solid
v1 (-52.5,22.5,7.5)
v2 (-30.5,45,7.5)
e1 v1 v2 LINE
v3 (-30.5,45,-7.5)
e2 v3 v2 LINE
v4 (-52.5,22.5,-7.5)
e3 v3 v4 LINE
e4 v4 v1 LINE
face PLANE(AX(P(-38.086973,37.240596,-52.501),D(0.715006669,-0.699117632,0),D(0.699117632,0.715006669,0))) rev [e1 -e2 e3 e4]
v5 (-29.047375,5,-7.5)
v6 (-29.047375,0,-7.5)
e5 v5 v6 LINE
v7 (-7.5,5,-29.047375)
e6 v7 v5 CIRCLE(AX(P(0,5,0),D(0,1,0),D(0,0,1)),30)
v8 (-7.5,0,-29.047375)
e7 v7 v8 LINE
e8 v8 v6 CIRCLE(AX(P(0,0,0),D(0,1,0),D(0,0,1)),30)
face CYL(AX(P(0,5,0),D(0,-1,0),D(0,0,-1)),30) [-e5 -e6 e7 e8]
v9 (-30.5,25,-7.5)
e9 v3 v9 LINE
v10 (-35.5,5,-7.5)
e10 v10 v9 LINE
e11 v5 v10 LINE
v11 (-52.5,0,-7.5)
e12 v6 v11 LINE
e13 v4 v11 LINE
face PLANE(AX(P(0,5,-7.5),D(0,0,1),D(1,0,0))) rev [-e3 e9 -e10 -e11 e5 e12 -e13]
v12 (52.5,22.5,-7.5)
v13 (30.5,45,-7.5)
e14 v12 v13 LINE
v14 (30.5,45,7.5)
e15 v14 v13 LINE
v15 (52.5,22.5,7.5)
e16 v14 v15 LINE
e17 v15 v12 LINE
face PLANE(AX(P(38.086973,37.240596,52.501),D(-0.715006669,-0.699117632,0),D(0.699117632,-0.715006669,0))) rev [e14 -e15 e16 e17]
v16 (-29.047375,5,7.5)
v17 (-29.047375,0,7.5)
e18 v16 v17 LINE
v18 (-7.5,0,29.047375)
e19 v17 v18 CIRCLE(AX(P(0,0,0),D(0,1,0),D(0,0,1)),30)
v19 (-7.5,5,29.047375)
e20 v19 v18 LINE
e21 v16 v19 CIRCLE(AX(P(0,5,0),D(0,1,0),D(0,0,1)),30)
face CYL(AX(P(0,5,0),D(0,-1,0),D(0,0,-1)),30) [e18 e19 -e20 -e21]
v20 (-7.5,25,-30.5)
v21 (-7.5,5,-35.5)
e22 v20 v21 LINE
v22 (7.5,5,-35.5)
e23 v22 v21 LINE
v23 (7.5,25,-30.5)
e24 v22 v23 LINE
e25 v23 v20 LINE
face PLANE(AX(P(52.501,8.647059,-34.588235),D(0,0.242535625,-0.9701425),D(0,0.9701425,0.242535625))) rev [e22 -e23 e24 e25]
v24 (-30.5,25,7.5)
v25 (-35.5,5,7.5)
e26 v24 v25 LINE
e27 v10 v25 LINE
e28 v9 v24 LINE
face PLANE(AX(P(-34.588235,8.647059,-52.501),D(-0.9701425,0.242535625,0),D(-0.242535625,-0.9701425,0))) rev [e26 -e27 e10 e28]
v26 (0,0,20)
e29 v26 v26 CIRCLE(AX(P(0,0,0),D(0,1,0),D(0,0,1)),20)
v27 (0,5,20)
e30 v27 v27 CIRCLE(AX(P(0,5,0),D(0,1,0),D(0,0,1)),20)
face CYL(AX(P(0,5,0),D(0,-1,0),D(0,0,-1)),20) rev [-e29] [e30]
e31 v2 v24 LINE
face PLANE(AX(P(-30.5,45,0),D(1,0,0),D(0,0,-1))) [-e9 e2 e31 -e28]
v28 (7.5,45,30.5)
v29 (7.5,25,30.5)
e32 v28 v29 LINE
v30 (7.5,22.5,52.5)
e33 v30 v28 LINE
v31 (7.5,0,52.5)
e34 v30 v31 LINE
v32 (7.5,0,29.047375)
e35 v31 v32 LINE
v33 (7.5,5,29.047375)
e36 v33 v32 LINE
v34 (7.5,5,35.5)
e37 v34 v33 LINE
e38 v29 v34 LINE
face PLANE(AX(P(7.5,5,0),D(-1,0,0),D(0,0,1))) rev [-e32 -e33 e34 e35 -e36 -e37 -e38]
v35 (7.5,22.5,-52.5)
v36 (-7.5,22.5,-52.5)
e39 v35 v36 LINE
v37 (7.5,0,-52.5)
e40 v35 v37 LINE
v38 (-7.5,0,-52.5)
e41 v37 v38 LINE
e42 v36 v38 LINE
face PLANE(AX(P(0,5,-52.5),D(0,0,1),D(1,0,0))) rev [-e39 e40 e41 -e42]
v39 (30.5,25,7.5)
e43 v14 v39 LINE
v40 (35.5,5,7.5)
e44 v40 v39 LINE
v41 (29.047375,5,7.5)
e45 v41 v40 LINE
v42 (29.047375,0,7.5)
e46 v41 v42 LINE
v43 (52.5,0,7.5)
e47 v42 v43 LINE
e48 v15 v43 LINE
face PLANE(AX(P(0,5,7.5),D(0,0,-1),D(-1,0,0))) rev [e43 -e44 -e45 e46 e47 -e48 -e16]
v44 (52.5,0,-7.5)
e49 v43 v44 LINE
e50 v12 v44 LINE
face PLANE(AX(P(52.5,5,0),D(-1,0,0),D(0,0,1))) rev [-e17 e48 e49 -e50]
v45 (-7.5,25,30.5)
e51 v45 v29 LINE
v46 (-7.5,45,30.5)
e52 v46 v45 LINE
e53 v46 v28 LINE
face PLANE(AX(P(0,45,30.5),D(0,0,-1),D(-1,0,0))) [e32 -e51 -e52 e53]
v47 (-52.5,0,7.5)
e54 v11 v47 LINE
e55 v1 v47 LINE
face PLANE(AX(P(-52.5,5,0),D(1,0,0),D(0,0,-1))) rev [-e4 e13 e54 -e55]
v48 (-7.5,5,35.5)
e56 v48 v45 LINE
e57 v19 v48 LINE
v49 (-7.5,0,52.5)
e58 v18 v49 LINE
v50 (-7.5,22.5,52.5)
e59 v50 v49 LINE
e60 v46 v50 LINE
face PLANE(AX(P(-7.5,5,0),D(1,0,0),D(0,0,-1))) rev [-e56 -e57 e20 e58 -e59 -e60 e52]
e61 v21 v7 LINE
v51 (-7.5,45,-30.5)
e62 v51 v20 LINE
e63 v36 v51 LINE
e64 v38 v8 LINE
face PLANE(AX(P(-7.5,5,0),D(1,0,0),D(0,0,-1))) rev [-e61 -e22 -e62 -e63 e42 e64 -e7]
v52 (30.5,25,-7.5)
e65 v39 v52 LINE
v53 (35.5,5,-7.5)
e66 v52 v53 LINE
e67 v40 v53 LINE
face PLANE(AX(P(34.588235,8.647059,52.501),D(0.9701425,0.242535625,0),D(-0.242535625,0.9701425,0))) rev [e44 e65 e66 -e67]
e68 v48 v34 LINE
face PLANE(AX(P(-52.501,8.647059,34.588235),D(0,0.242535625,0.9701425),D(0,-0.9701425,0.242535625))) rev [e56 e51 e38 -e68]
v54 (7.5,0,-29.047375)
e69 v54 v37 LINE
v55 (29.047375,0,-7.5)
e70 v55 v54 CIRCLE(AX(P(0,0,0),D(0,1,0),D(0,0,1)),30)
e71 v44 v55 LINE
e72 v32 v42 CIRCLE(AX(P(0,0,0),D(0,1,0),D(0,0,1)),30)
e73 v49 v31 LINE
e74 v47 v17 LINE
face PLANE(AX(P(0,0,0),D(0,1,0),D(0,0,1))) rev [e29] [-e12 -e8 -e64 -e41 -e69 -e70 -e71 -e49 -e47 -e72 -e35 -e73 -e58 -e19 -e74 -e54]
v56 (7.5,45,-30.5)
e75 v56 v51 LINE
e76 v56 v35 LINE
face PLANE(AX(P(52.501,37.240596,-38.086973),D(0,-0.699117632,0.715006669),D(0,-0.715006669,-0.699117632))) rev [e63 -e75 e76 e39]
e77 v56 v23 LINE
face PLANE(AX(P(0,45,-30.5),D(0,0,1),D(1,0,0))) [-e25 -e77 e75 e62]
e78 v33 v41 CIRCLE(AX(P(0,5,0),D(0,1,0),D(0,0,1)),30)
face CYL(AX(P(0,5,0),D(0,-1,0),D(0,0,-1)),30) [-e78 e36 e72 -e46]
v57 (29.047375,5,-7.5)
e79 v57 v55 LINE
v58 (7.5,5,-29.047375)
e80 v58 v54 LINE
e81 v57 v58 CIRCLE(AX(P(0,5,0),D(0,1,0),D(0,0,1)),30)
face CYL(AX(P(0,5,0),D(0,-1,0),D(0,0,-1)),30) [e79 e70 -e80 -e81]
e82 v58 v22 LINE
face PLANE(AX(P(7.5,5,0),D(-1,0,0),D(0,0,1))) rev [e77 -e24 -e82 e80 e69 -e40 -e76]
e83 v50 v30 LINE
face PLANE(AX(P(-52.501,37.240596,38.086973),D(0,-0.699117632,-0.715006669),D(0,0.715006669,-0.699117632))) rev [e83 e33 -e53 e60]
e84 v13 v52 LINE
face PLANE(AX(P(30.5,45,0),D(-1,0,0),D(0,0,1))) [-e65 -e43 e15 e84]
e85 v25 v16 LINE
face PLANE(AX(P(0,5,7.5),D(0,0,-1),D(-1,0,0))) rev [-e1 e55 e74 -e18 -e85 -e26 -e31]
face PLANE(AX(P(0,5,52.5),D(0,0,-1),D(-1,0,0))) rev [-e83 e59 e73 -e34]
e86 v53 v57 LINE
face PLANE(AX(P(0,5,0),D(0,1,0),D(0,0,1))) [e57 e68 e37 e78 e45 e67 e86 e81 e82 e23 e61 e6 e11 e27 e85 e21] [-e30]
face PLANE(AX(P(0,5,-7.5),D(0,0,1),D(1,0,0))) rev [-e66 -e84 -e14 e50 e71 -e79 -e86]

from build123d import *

# Parameters (mm, degrees)
EXTRUDE_1_DEPTH     = 5
SKETCH_4_W          = 22
SKETCH_4_H          = 15
SKETCH_4_W_2        = 15
SKETCH_4_H_2        = 22
EXTRUDE_3_DEPTH     = 40
CUT_EXTRUDE_1_REACH = 93.549
CUT_EXTRUDE_2_REACH = 93.549
CUT_EXTRUDE_3_REACH = 93.549
CUT_EXTRUDE_4_REACH = 93.549


with BuildPart() as part:
    # 草图1 → 凸台-拉伸1 (new body)
    with BuildSketch(Plane(origin=(0, 0, 0), x_dir=(1, 0, 0), z_dir=(0, 1, 0))):
        with BuildLine():
            ThreePointArc((29.047375097, 7.5), (21.213203436, 21.213203436), (7.5, 29.047375097))
            Line((7.5, 29.047375097), (7.5, 18.540496218))
            ThreePointArc((7.5, 18.540496218), (14.142135624, 14.142135624), (18.540496218, 7.5))
            Line((18.540496218, 7.5), (29.047375097, 7.5))
        make_face()
        with BuildLine():
            ThreePointArc((30, 0), (29.760890888, 3.780128774), (29.047375097, 7.5))
            Line((29.047375097, 7.5), (18.540496218, 7.5))
            ThreePointArc((18.540496218, 7.5), (19.63173355, 3.820345249), (20, 0))
            ThreePointArc((20, 0), (19.63173355, -3.820345249), (18.540496218, -7.5))
            Line((18.540496218, -7.5), (29.047375097, -7.5))
            ThreePointArc((29.047375097, -7.5), (29.760890888, -3.780128774), (30, 0))
        make_face()
        with BuildLine():
            Line((52.5, 7.5), (29.047375097, 7.5))
            ThreePointArc((29.047375097, 7.5), (29.760890888, 3.780128774), (30, 0))
            ThreePointArc((30, 0), (29.760890888, -3.780128774), (29.047375097, -7.5))
            Line((29.047375097, -7.5), (52.5, -7.5))
            Line((52.5, -7.5), (52.5, 7.5))
        make_face()
        with BuildLine():
            ThreePointArc((7.5, -29.047375097), (21.213203436, -21.213203436), (29.047375097, -7.5))
            Line((29.047375097, -7.5), (18.540496218, -7.5))
            ThreePointArc((18.540496218, -7.5), (14.142135624, -14.142135624), (7.5, -18.540496218))
            Line((7.5, -18.540496218), (7.5, -29.047375097))
        make_face()
        with BuildLine():
            ThreePointArc((7.5, -29.047375097), (0, -30), (-7.5, -29.047375097))
            Line((-7.5, -29.047375097), (-7.5, -52.5))
            Line((-7.5, -52.5), (7.5, -52.5))
            Line((7.5, -52.5), (7.5, -29.047375097))
        make_face()
        with BuildLine():
            Line((-7.5, -18.540496218), (-7.5, -29.047375097))
            ThreePointArc((-7.5, -29.047375097), (0, -30), (7.5, -29.047375097))
            Line((7.5, -29.047375097), (7.5, -18.540496218))
            ThreePointArc((7.5, -18.540496218), (0, -20), (-7.5, -18.540496218))
        make_face()
        with BuildLine():
            Line((-18.540496218, -7.5), (-29.047375097, -7.5))
            ThreePointArc((-29.047375097, -7.5), (-21.213203436, -21.213203436), (-7.5, -29.047375097))
            Line((-7.5, -29.047375097), (-7.5, -18.540496218))
            ThreePointArc((-7.5, -18.540496218), (-14.142135624, -14.142135624), (-18.540496218, -7.5))
        make_face()
        with BuildLine():
            Line((-18.540496218, 7.5), (-29.047375097, 7.5))
            ThreePointArc((-29.047375097, 7.5), (-30, 0), (-29.047375097, -7.5))
            Line((-29.047375097, -7.5), (-18.540496218, -7.5))
            ThreePointArc((-18.540496218, -7.5), (-20, 0), (-18.540496218, 7.5))
        make_face()
        with BuildLine():
            ThreePointArc((-29.047375097, -7.5), (-30, 0), (-29.047375097, 7.5))
            Line((-29.047375097, 7.5), (-52.5, 7.5))
            Line((-52.5, 7.5), (-52.5, -7.5))
            Line((-52.5, -7.5), (-29.047375097, -7.5))
        make_face()
        with BuildLine():
            Line((-7.5, 18.540496218), (-7.5, 29.047375097))
            ThreePointArc((-7.5, 29.047375097), (-21.213203436, 21.213203436), (-29.047375097, 7.5))
            Line((-29.047375097, 7.5), (-18.540496218, 7.5))
            ThreePointArc((-18.540496218, 7.5), (-14.142135624, 14.142135624), (-7.5, 18.540496218))
        make_face()
        with BuildLine():
            ThreePointArc((7.5, 29.047375097), (0, 30), (-7.5, 29.047375097))
            Line((-7.5, 29.047375097), (-7.5, 18.540496218))
            ThreePointArc((-7.5, 18.540496218), (0, 20), (7.5, 18.540496218))
            Line((7.5, 18.540496218), (7.5, 29.047375097))
        make_face()
        with BuildLine():
            Line((7.5, 52.5), (-7.5, 52.5))
            Line((-7.5, 52.5), (-7.5, 29.047375097))
            ThreePointArc((-7.5, 29.047375097), (0, 30), (7.5, 29.047375097))
            Line((7.5, 29.047375097), (7.5, 52.5))
        make_face()
    extrude(amount=EXTRUDE_1_DEPTH)

    # 草图4 → 凸台-拉伸3 (add)
    with BuildSketch(Plane(origin=(0, 5, 0), x_dir=(1, 0, 0), z_dir=(0, 1, 0))):
        with Locations((-41.5, 0)):
            Rectangle(SKETCH_4_W, SKETCH_4_H)
        with Locations((0, 41.5)):
            Rectangle(SKETCH_4_W_2, SKETCH_4_H_2)
        with Locations((41.5, 0)):
            Rectangle(SKETCH_4_W, SKETCH_4_H)
        with Locations((0, -41.5)):
            Rectangle(SKETCH_4_W_2, SKETCH_4_H_2)
    extrude(amount=EXTRUDE_3_DEPTH)

    # 草图5 → 切除-拉伸1 (cut, up to next)
    with BuildSketch(Plane.XY.offset(7.5), mode=Mode.PRIVATE) as cut_extrude_1_sk1:
        Polygon((-52.5, 22.5), (-30.5, 45), (-52.5, 45), align=None)
    cut_extrude_1_tool1 = extrude(cut_extrude_1_sk1.sketch, amount=-CUT_EXTRUDE_1_REACH, mode=Mode.PRIVATE) & part.part
    # 草图5 → 切除-拉伸1 (cut, up to next)
    with BuildSketch(Plane.XY.offset(7.5), mode=Mode.PRIVATE) as cut_extrude_1_sk2:
        Polygon((-35.5, 5), (-30.5, 5), (-30.5, 25), align=None)
    cut_extrude_1_tool2 = extrude(cut_extrude_1_sk2.sketch, amount=-CUT_EXTRUDE_1_REACH, mode=Mode.PRIVATE) & part.part
    add(cut_extrude_1_tool1.solids().sort_by_distance((-45.166667, 37.5, 7.5))[0], mode=Mode.SUBTRACT)
    add(cut_extrude_1_tool2.solids().sort_by_distance((-32.166667, 11.666667, 7.5))[0], mode=Mode.SUBTRACT)

    # 草图6 → 切除-拉伸2 (cut, up to next)
    with BuildSketch(Plane.ZY.offset(7.5), mode=Mode.PRIVATE) as cut_extrude_2_sk1:
        Polygon((-52.5, 22.5), (-30.5, 45), (-52.5, 45), align=None)
    cut_extrude_2_tool1 = extrude(cut_extrude_2_sk1.sketch, amount=-CUT_EXTRUDE_2_REACH, mode=Mode.PRIVATE) & part.part
    # 草图6 → 切除-拉伸2 (cut, up to next)
    with BuildSketch(Plane.ZY.offset(7.5), mode=Mode.PRIVATE) as cut_extrude_2_sk2:
        Polygon((-35.5, 5), (-30.5, 5), (-30.5, 25), align=None)
    cut_extrude_2_tool2 = extrude(cut_extrude_2_sk2.sketch, amount=-CUT_EXTRUDE_2_REACH, mode=Mode.PRIVATE) & part.part
    add(cut_extrude_2_tool1.solids().sort_by_distance((-7.5, 37.5, -45.166667))[0], mode=Mode.SUBTRACT)
    add(cut_extrude_2_tool2.solids().sort_by_distance((-7.5, 11.666667, -32.166667))[0], mode=Mode.SUBTRACT)

    # 草图7 → 切除-拉伸3 (cut, up to next)
    with BuildSketch(Plane(origin=(0, 0, -7.5), x_dir=(-1, 0, 0), z_dir=(0, 0, -1)), mode=Mode.PRIVATE) as cut_extrude_3_sk1:
        Polygon((-52.5, 22.5), (-30.5, 45), (-52.5, 45), align=None)
    cut_extrude_3_tool1 = extrude(cut_extrude_3_sk1.sketch, amount=-CUT_EXTRUDE_3_REACH, mode=Mode.PRIVATE) & part.part
    # 草图7 → 切除-拉伸3 (cut, up to next)
    with BuildSketch(Plane(origin=(0, 0, -7.5), x_dir=(-1, 0, 0), z_dir=(0, 0, -1)), mode=Mode.PRIVATE) as cut_extrude_3_sk2:
        Polygon((-35.5, 5), (-30.5, 5), (-30.5, 25), align=None)
    cut_extrude_3_tool2 = extrude(cut_extrude_3_sk2.sketch, amount=-CUT_EXTRUDE_3_REACH, mode=Mode.PRIVATE) & part.part
    add(cut_extrude_3_tool1.solids().sort_by_distance((45.166667, 37.5, -7.5))[0], mode=Mode.SUBTRACT)
    add(cut_extrude_3_tool2.solids().sort_by_distance((32.166667, 11.666667, -7.5))[0], mode=Mode.SUBTRACT)

    # 草图8 → 切除-拉伸4 (cut, up to next)
    with BuildSketch(Plane(origin=(7.5, 0, 0), x_dir=(0, 0, -1), z_dir=(1, 0, 0)), mode=Mode.PRIVATE) as cut_extrude_4_sk1:
        Polygon((-52.5, 22.5), (-30.5, 45), (-52.5, 45), align=None)
    cut_extrude_4_tool1 = extrude(cut_extrude_4_sk1.sketch, amount=-CUT_EXTRUDE_4_REACH, mode=Mode.PRIVATE) & part.part
    # 草图8 → 切除-拉伸4 (cut, up to next)
    with BuildSketch(Plane(origin=(7.5, 0, 0), x_dir=(0, 0, -1), z_dir=(1, 0, 0)), mode=Mode.PRIVATE) as cut_extrude_4_sk2:
        Polygon((-35.5, 5), (-30.5, 5), (-30.5, 25), align=None)
    cut_extrude_4_tool2 = extrude(cut_extrude_4_sk2.sketch, amount=-CUT_EXTRUDE_4_REACH, mode=Mode.PRIVATE) & part.part
    add(cut_extrude_4_tool1.solids().sort_by_distance((7.5, 37.5, 45.166667))[0], mode=Mode.SUBTRACT)
    add(cut_extrude_4_tool2.solids().sort_by_distance((7.5, 11.666667, 32.166667))[0], mode=Mode.SUBTRACT)


solid = part.part
